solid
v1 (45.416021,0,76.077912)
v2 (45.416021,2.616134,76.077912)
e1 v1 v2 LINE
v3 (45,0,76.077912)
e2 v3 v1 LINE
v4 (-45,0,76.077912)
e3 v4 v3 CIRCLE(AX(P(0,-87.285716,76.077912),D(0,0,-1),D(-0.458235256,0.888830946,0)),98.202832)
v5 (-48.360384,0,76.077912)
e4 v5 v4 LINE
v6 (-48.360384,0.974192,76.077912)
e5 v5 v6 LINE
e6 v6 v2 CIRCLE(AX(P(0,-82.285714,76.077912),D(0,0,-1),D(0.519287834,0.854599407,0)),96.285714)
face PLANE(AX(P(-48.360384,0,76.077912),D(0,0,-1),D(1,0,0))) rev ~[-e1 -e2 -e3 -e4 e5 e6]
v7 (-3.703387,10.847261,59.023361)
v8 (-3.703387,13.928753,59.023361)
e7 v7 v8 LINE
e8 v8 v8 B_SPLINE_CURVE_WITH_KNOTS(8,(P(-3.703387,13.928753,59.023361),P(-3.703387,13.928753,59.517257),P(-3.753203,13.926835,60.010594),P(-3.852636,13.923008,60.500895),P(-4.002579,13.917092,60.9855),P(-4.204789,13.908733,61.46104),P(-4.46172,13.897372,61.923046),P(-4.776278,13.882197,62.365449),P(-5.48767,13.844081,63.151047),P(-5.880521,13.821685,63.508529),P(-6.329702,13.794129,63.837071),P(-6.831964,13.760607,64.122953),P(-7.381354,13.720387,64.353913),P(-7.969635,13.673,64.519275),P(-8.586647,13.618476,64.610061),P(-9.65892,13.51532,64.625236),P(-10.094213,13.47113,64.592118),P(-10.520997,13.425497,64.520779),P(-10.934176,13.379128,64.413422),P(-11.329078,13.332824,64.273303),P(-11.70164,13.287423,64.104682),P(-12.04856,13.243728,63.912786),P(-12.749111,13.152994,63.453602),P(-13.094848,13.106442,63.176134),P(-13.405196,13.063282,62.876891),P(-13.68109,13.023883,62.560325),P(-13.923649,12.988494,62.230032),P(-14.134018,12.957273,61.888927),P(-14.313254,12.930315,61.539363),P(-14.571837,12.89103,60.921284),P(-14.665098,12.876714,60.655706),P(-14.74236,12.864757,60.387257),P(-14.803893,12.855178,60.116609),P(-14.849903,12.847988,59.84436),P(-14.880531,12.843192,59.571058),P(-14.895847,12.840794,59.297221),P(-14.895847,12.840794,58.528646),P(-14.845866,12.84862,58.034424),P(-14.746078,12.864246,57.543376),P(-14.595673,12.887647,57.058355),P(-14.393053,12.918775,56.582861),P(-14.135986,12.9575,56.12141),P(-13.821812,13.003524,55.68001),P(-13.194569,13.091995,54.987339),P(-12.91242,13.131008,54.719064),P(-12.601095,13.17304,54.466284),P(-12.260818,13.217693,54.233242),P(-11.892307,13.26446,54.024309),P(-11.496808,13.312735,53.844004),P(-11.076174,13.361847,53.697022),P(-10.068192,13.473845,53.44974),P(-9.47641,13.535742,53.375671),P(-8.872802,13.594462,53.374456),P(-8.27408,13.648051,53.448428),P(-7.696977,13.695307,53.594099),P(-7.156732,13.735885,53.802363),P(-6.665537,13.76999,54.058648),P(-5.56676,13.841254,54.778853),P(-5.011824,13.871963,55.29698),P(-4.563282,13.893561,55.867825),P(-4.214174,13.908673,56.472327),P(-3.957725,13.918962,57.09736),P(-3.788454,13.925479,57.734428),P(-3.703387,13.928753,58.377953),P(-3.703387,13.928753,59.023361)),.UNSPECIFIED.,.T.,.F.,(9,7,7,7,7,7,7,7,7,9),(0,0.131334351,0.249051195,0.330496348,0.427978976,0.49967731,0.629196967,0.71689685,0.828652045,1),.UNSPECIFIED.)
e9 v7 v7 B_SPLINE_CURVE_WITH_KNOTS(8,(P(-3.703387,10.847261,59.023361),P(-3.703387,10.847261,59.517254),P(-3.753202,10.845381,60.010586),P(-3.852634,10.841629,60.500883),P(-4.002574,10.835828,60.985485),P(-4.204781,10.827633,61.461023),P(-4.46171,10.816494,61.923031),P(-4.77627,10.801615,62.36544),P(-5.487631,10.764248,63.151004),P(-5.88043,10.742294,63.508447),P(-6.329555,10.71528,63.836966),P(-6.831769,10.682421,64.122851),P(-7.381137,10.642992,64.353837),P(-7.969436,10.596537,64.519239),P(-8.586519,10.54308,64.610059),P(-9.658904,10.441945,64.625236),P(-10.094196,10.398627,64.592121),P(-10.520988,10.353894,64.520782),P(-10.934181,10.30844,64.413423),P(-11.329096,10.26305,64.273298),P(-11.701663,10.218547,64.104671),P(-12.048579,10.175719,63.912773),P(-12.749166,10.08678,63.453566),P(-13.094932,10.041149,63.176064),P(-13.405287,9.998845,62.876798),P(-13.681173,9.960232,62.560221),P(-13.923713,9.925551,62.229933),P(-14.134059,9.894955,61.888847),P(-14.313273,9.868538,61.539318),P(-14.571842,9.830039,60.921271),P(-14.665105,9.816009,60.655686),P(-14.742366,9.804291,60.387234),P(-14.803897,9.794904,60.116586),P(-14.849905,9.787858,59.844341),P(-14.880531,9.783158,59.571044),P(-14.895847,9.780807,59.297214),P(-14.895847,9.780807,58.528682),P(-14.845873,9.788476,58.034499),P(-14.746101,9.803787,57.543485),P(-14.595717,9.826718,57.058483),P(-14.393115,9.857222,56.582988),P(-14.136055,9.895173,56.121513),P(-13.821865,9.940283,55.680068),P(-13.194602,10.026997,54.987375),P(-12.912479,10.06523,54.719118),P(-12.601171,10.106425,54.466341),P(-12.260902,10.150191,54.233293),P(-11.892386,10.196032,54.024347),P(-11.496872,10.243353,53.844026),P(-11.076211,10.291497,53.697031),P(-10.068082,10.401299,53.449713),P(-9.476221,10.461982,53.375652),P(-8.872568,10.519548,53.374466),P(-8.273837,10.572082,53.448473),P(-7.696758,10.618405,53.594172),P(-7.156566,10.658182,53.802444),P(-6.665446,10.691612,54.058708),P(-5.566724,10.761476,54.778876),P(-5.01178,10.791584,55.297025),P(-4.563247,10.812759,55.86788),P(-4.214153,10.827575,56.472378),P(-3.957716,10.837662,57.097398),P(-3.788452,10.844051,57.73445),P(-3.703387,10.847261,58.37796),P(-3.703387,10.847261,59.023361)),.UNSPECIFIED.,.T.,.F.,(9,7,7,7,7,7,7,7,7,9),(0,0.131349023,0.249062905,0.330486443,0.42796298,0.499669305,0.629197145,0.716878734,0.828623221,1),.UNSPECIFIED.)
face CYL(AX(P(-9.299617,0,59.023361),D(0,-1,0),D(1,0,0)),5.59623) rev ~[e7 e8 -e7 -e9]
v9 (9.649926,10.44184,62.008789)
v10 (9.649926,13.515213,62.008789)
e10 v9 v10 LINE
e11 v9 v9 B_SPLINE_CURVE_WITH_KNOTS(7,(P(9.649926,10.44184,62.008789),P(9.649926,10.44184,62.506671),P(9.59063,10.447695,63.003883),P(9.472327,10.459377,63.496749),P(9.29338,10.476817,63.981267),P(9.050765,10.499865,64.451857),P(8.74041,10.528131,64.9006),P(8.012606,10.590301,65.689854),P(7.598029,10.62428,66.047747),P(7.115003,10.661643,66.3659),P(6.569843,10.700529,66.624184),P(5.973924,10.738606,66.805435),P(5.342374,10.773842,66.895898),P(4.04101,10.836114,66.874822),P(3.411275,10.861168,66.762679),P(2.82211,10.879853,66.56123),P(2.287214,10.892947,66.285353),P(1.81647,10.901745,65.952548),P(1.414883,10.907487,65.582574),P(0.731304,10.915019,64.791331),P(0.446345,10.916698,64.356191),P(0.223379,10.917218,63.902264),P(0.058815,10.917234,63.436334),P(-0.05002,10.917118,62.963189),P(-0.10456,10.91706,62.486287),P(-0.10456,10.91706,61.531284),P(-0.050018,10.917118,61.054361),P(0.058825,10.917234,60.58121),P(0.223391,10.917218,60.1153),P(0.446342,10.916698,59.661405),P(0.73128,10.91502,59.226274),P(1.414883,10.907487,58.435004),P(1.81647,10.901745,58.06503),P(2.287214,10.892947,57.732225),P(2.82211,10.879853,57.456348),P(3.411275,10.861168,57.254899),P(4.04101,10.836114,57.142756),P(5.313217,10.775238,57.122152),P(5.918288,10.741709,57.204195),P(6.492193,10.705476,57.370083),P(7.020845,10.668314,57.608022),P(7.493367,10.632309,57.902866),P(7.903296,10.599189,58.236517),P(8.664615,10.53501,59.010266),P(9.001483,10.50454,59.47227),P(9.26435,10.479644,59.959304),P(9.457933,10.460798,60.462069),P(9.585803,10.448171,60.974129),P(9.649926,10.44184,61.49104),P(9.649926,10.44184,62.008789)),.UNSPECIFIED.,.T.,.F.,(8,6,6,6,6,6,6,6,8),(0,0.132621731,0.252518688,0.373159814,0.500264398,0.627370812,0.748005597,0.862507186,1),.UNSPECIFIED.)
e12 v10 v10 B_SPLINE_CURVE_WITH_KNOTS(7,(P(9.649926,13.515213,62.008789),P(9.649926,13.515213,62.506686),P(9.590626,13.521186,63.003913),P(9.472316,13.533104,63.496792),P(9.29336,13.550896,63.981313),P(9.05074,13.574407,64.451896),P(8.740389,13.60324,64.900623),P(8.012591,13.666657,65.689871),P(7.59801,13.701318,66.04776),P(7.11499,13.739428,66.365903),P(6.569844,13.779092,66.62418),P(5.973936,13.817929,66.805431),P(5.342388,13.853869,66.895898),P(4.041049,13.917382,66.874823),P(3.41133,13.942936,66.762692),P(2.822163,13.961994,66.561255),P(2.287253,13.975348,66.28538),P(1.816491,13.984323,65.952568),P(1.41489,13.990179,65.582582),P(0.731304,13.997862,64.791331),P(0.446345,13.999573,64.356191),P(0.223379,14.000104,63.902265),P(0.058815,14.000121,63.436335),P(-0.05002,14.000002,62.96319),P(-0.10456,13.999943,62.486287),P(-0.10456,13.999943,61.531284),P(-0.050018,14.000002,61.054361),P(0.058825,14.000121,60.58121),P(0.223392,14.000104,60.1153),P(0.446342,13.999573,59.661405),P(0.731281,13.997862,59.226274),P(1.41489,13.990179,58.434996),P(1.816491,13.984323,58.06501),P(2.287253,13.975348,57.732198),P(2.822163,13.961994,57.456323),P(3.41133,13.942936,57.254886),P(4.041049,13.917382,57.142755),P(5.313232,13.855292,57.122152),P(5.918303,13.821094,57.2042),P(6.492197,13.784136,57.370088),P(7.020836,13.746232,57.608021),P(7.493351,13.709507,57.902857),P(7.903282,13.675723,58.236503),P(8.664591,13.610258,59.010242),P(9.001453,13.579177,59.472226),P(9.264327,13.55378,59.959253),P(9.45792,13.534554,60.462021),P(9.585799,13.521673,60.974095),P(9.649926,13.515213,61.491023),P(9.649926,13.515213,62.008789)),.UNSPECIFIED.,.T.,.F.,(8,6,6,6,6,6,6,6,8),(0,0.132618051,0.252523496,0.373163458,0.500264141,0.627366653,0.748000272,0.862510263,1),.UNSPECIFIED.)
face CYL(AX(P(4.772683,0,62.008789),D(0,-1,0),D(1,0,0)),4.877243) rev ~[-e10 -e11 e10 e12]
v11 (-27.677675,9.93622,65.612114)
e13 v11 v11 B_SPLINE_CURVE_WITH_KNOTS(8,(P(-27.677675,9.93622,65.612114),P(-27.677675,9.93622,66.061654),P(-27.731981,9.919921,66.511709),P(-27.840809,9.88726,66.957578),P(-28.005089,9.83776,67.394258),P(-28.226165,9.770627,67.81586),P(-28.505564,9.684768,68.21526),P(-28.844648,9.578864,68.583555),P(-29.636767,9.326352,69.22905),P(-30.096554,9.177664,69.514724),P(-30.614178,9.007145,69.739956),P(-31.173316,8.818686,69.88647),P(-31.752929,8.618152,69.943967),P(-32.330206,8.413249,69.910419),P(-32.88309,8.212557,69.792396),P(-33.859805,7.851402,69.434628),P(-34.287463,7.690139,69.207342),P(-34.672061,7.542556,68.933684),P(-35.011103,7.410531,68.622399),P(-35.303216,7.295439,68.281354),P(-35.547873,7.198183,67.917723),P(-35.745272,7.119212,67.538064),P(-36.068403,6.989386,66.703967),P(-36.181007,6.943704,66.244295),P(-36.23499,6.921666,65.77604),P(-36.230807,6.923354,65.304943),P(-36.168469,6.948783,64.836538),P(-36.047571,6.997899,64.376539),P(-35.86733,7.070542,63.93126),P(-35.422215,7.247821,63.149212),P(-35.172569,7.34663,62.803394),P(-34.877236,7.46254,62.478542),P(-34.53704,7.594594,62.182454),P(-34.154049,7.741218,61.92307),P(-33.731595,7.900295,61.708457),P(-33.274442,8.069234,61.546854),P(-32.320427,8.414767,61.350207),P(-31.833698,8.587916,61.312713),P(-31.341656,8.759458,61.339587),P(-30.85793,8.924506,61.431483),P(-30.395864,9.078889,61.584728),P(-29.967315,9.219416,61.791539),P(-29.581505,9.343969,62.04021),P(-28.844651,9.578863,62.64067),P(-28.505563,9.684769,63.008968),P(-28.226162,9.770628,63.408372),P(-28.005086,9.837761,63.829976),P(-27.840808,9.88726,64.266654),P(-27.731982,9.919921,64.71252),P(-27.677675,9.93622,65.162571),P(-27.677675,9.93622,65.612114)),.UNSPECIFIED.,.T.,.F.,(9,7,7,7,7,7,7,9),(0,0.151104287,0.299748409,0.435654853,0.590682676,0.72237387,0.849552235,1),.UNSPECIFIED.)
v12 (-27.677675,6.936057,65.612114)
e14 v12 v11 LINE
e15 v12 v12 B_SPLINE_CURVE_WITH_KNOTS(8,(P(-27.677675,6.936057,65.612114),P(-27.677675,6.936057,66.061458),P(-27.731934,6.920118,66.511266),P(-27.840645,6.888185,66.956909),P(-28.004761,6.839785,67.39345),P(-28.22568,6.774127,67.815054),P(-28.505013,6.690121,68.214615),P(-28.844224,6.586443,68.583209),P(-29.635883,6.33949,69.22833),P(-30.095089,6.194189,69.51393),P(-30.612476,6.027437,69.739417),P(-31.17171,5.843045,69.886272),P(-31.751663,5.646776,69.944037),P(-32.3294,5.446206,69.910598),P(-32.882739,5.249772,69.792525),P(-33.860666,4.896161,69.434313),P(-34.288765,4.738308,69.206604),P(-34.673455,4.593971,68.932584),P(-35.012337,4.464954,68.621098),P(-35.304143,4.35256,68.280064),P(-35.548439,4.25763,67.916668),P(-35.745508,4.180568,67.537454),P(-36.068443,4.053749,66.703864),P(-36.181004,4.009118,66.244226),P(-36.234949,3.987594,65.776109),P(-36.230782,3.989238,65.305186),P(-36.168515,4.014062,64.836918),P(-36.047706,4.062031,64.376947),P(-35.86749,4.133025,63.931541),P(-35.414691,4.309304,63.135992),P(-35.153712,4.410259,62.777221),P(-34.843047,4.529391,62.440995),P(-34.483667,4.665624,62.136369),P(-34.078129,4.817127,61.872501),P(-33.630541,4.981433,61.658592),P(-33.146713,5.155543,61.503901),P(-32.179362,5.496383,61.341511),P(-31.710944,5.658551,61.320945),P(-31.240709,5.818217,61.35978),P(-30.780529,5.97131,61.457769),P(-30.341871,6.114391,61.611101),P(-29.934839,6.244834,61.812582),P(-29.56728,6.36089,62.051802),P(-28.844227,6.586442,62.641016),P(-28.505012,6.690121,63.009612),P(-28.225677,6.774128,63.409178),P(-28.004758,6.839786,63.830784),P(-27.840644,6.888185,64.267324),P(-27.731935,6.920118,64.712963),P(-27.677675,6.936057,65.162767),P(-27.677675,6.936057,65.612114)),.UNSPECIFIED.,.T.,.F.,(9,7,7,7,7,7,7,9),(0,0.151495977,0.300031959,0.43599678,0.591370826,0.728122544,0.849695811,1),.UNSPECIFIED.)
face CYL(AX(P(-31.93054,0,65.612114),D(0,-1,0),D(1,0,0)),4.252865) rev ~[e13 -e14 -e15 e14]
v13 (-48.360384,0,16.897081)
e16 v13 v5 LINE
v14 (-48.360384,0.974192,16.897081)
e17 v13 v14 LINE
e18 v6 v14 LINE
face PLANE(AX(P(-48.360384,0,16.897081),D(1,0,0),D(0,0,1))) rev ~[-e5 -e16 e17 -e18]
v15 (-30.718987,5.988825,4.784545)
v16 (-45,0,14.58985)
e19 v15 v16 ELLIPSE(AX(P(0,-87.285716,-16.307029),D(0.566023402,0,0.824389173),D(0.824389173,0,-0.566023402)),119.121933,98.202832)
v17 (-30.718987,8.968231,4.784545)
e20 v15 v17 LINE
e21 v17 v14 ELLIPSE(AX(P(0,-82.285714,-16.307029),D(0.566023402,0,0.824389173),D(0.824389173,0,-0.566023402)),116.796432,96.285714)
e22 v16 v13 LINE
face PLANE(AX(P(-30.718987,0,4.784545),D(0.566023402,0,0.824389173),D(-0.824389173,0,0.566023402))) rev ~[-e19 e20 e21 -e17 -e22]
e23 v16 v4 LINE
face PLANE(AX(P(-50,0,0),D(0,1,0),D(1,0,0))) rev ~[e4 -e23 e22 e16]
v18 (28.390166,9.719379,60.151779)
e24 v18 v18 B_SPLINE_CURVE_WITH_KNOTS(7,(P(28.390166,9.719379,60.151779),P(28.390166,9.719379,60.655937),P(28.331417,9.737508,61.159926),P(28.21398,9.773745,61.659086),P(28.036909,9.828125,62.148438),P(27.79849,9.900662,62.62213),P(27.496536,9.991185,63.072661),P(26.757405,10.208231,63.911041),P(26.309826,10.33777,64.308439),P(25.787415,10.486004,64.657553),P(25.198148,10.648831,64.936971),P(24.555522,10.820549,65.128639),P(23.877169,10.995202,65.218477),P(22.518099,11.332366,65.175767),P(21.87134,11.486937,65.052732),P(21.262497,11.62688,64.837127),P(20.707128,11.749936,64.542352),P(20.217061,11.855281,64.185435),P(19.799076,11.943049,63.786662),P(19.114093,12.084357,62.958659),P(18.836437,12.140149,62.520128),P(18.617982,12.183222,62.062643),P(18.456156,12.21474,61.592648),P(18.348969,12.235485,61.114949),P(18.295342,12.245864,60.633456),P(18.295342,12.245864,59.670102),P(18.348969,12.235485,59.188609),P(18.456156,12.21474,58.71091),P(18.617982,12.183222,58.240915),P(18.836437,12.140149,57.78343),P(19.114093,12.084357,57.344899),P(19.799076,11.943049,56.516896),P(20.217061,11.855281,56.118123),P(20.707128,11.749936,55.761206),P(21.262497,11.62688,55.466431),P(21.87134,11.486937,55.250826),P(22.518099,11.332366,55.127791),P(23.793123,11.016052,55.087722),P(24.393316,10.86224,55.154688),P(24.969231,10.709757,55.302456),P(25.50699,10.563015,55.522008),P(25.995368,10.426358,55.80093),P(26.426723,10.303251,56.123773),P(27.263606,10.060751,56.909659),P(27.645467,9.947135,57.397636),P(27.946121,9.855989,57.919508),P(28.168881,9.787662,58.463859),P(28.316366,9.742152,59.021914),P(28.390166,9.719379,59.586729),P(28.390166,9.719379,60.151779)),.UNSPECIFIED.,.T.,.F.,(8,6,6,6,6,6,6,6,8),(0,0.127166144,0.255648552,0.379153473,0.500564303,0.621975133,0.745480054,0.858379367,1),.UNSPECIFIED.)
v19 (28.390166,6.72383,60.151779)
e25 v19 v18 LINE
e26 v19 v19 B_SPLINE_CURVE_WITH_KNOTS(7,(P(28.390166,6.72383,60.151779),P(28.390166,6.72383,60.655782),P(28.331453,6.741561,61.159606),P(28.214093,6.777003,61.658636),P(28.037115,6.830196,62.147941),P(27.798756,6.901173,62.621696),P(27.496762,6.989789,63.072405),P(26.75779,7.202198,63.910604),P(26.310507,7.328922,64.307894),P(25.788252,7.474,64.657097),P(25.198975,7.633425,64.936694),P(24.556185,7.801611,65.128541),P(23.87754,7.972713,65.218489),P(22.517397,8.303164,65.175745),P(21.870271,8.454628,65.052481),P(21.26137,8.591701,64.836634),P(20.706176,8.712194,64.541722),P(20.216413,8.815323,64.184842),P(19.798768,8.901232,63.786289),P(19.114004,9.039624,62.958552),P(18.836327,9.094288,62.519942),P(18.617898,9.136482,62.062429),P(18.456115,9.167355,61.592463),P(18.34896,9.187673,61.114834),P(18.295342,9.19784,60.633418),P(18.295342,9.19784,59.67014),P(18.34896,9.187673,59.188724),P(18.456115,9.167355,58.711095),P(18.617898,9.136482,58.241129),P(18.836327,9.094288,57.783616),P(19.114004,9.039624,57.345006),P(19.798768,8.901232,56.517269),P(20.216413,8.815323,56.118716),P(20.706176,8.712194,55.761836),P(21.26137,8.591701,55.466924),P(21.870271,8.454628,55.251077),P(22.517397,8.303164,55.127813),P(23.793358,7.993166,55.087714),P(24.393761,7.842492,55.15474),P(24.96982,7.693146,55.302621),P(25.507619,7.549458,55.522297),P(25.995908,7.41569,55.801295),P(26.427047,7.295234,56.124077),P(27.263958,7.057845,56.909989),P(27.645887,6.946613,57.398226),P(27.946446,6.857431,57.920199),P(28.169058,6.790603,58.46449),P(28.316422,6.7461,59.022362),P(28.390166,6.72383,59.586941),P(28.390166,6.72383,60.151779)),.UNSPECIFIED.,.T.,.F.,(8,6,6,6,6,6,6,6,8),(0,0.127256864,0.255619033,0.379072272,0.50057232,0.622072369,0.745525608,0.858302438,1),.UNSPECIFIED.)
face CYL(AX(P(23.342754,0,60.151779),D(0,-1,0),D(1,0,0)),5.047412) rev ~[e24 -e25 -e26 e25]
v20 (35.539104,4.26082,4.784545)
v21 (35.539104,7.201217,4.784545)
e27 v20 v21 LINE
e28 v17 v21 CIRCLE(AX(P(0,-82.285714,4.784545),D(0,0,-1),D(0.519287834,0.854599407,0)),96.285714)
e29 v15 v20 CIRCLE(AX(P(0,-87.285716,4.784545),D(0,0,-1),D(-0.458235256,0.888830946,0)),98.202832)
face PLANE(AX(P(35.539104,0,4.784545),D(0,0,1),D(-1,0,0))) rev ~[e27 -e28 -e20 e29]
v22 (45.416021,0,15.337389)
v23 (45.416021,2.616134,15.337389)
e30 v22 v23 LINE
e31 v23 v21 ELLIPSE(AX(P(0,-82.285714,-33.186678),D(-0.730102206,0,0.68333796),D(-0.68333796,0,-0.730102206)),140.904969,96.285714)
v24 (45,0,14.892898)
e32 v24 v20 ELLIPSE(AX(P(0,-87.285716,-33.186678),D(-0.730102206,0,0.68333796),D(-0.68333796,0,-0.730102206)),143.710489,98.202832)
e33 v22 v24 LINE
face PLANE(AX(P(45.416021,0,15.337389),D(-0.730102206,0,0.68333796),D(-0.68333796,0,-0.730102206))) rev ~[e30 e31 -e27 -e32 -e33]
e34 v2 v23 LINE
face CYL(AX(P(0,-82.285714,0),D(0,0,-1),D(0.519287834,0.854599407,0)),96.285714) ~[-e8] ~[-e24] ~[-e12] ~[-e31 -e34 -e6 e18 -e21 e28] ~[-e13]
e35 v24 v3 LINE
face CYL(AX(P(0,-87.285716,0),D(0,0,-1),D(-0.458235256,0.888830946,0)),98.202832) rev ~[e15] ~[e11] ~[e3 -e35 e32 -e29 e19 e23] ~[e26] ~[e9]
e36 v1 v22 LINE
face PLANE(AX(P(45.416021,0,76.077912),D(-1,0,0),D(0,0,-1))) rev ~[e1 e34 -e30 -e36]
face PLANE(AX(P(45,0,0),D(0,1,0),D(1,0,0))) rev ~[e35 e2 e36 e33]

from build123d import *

# Parameters (mm, degrees)
SKETCH002_R   = 4.252865
SKETCH002_R_2 = 5.59623
SKETCH002_R_3 = 4.877243
SKETCH002_R_4 = 5.047412
PAD001_DEPTH  = 20
PAD_DEPTH     = 80
SKETCH001_W   = 100
SKETCH001_H   = 80
POCKET_DEPTH  = 14.001


with BuildPart() as pad001:
    # Sketch002 → Pad001 (new body)
    with BuildSketch(Plane.XZ):
        with Locations((-31.93054, 65.612114)):
            Circle(SKETCH002_R)
        with Locations((-9.299617, 59.023361)):
            Circle(SKETCH002_R_2)
        with Locations((4.772683, 62.008789)):
            Circle(SKETCH002_R_3)
        with Locations((23.342754, 60.151779)):
            Circle(SKETCH002_R_4)
    extrude(amount=-PAD001_DEPTH)


with BuildPart() as cut:
    # Sketch → Pad (new body)
    with BuildSketch(Plane.XY):
        with BuildLine():
            Line((45, 0), (50, 0))
            ThreePointArc((50, 0), (0, 14), (-50, 0))
            Line((-50, 0), (-45, 0))
            ThreePointArc((-45, 0), (0, 10.917116), (45, 0))
        make_face()
    extrude(amount=PAD_DEPTH)

    # Sketch001 → Pocket (cut, through all)
    with BuildSketch(Plane.XZ):
        with Locations((0, 40)):
            Rectangle(SKETCH001_W, SKETCH001_H)
        Polygon((-30.718987, 4.784545), (-48.360384, 16.897081), (-48.360384, 76.077912), (45.416021, 76.077912), (45.416021, 15.337389), (35.539104, 4.784545), align=None, mode=Mode.SUBTRACT)
    extrude(amount=-POCKET_DEPTH, mode=Mode.SUBTRACT)

    # Cut: cut Pad001
    add(pad001.part, mode=Mode.SUBTRACT)


solid = cut.part
